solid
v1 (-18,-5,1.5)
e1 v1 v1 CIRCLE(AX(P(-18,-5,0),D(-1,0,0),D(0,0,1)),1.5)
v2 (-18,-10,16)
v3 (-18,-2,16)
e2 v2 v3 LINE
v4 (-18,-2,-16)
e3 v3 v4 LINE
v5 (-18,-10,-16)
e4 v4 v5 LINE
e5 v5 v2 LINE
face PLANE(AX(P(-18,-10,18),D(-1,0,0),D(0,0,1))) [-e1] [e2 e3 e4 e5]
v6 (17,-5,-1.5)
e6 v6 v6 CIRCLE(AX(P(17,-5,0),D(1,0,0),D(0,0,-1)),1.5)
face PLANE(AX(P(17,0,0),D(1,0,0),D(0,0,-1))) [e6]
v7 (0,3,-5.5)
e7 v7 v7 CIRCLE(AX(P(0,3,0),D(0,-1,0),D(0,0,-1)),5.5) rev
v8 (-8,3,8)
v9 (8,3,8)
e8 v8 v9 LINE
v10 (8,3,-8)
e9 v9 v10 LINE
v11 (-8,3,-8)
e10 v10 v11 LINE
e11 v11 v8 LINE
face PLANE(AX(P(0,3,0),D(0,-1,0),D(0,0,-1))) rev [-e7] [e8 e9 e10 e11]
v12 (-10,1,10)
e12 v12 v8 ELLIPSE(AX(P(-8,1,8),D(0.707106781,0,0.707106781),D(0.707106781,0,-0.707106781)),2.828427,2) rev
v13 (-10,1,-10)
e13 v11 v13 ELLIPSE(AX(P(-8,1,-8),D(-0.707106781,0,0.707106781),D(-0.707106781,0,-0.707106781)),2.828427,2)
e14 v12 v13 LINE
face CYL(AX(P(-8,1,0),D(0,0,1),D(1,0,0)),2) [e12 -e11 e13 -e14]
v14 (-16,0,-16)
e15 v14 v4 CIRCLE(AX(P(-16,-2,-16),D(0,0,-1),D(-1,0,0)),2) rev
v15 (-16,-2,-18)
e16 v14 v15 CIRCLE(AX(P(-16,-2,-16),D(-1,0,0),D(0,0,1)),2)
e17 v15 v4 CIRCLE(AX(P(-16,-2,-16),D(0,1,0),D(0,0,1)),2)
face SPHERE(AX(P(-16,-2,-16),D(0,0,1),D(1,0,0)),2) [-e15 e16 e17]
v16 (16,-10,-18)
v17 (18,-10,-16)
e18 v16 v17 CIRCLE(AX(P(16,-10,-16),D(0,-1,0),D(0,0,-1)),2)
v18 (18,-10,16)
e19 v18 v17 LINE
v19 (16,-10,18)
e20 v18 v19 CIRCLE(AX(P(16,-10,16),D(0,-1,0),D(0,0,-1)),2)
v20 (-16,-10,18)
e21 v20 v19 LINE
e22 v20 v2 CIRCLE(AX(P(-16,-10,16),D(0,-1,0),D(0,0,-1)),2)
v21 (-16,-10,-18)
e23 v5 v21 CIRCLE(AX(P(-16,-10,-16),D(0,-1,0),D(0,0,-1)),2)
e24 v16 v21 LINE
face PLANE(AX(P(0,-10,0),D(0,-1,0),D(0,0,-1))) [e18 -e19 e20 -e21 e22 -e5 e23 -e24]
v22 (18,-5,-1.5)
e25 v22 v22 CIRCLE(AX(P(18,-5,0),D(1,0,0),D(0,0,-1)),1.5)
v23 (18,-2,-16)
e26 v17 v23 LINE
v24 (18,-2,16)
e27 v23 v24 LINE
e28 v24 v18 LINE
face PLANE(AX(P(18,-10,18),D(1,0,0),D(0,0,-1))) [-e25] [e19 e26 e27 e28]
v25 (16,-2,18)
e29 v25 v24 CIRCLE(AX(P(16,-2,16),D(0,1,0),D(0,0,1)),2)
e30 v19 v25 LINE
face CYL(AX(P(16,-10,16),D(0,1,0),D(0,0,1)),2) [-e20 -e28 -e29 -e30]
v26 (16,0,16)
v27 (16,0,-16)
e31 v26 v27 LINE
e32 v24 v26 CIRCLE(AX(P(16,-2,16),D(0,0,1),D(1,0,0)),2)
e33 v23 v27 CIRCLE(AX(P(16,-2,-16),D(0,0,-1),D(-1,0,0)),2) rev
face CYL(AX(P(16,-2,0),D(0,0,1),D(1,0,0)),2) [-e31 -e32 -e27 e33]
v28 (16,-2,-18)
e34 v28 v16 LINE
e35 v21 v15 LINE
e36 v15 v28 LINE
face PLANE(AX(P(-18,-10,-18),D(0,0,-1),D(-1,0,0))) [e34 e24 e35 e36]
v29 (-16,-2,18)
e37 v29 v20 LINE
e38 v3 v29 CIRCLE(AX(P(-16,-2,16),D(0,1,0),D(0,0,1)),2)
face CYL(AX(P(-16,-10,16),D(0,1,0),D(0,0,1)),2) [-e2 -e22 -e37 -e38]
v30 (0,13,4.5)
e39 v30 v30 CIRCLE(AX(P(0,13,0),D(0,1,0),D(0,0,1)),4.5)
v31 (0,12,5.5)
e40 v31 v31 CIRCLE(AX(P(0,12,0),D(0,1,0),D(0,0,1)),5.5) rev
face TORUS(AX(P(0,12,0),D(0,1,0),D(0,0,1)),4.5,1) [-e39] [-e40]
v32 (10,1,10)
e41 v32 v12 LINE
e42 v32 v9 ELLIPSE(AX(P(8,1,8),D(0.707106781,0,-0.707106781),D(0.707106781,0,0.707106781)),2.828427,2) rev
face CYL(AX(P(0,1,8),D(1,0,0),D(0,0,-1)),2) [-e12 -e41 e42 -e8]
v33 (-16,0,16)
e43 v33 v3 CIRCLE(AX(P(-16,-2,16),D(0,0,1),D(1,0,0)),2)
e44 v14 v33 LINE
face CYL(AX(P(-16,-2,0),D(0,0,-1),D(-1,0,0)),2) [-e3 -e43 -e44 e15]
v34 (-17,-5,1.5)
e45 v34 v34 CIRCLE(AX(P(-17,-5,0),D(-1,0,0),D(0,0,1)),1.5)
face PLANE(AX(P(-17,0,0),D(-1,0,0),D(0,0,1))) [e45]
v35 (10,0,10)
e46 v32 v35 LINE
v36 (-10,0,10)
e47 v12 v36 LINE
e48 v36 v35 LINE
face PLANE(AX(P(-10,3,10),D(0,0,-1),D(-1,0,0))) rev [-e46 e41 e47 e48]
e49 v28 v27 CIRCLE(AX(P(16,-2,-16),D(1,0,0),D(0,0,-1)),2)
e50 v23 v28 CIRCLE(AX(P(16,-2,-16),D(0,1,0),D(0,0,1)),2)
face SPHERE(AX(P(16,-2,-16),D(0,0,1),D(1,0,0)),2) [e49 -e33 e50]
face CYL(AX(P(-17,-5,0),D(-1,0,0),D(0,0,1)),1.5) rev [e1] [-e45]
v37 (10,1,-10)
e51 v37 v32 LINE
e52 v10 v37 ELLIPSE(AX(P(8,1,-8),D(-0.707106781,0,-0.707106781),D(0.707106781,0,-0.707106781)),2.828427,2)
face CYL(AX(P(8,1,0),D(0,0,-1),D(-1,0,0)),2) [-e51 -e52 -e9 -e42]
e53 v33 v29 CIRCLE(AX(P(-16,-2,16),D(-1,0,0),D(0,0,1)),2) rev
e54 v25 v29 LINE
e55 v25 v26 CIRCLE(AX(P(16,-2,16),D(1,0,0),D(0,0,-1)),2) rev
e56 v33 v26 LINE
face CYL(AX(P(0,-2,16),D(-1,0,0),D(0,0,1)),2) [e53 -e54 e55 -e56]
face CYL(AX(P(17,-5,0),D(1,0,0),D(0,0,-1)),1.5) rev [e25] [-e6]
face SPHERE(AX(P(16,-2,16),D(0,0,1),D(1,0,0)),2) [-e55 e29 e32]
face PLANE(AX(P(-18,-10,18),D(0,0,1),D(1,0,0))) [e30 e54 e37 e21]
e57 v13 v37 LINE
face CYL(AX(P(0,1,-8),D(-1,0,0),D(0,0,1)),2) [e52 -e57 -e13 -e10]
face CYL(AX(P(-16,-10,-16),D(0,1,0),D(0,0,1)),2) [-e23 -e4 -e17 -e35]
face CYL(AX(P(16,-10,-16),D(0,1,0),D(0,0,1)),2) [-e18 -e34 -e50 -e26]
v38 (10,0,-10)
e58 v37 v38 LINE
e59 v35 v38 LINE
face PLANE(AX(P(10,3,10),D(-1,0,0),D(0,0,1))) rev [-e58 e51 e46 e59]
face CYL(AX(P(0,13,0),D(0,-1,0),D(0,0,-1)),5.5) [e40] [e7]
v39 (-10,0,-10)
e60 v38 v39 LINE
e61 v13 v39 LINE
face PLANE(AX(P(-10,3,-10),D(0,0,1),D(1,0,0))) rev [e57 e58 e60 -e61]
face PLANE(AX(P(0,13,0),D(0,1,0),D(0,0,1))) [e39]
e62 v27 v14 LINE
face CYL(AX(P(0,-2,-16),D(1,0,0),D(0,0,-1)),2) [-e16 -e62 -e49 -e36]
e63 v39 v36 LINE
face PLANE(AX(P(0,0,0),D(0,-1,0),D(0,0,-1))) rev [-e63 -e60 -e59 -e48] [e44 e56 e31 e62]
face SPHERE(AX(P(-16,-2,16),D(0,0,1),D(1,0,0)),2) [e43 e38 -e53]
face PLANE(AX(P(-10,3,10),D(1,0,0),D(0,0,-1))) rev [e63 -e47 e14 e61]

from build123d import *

# Parameters (mm, degrees)
SKETCH_1_W          = 36
SKETCH_1_H          = 36
EXTRUDE_1_DEPTH     = 10
SKETCH_2_W          = 20
SKETCH_2_H          = 20
EXTRUDE_2_DEPTH     = 3
SKETCH_3_R          = 5.5
EXTRUDE_4_DEPTH     = 10
SKETCH_4_R          = 1.5
CUT_EXTRUDE_1_DEPTH = 1
CUT_EXTRUDE_START   = -1
SKETCH_5_R          = 1.5
CUT_EXTRUDE_2_DEPTH = 1
FILLET_1_R          = 2
FILLET_2_R          = 1


with BuildPart() as part:
    # 草图1 → 凸台-拉伸1 (new body)
    with BuildSketch(Plane(origin=(0, 0, 0), x_dir=(1, 0, 0), z_dir=(0, 1, 0))):
        Rectangle(SKETCH_1_W, SKETCH_1_H)
    extrude(amount=-EXTRUDE_1_DEPTH)

    # 草图2 → 凸台-拉伸2 (add)
    with BuildSketch(Plane(origin=(0, 0, 0), x_dir=(1, 0, 0), z_dir=(0, 1, 0))):
        Rectangle(SKETCH_2_W, SKETCH_2_H)
    extrude(amount=EXTRUDE_2_DEPTH)

    # 草图3 → 凸台-拉伸4 (add)
    with BuildSketch(Plane(origin=(0, 3, 0), x_dir=(1, 0, 0), z_dir=(0, 1, 0))):
        with Locations(Location((0, 0, 0), (0, 0, 90))):
            Circle(SKETCH_3_R)
    extrude(amount=EXTRUDE_4_DEPTH)

    # 草图4 → 切除-拉伸1 (cut)
    with BuildSketch(Plane.ZY.offset(18)):
        with Locations((0, -5)):
            Circle(SKETCH_4_R)
    extrude(amount=-CUT_EXTRUDE_1_DEPTH, mode=Mode.SUBTRACT)

    # 草图5 → 切除-拉伸2 (cut)
    with BuildSketch(Plane(origin=(18, 0, 0), x_dir=(0, 0, -1), z_dir=(1, 0, 0)).offset(CUT_EXTRUDE_START)):
        with Locations(Location((0, -5, 0), (0, 0, 180))):
            Circle(SKETCH_5_R)
    extrude(amount=CUT_EXTRUDE_2_DEPTH, mode=Mode.SUBTRACT)

    # 圆角1
    fillet_1_edges = [part.edges().sort_by_distance(p)[0] for p in [
        (10, 3, 0),
        (0, 3, -10),
        (-10, 3, 0),
        (0, 3, 10),
        (0, 0, 18),
        (-18, 0, 0),
        (0, 0, -18),
        (18, 0, 0),
        (18, -5, 18),
        (-18, -5, 18),
        (-18, -5, -18),
        (18, -5, -18),
    ]]
    fillet(fillet_1_edges, radius=FILLET_1_R)

    # 圆角2
    fillet_2_edges = [part.edges().sort_by_distance(p)[0] for p in [
        (0, 13, 5.5),
    ]]
    fillet(fillet_2_edges, radius=FILLET_2_R)


solid = part.part
